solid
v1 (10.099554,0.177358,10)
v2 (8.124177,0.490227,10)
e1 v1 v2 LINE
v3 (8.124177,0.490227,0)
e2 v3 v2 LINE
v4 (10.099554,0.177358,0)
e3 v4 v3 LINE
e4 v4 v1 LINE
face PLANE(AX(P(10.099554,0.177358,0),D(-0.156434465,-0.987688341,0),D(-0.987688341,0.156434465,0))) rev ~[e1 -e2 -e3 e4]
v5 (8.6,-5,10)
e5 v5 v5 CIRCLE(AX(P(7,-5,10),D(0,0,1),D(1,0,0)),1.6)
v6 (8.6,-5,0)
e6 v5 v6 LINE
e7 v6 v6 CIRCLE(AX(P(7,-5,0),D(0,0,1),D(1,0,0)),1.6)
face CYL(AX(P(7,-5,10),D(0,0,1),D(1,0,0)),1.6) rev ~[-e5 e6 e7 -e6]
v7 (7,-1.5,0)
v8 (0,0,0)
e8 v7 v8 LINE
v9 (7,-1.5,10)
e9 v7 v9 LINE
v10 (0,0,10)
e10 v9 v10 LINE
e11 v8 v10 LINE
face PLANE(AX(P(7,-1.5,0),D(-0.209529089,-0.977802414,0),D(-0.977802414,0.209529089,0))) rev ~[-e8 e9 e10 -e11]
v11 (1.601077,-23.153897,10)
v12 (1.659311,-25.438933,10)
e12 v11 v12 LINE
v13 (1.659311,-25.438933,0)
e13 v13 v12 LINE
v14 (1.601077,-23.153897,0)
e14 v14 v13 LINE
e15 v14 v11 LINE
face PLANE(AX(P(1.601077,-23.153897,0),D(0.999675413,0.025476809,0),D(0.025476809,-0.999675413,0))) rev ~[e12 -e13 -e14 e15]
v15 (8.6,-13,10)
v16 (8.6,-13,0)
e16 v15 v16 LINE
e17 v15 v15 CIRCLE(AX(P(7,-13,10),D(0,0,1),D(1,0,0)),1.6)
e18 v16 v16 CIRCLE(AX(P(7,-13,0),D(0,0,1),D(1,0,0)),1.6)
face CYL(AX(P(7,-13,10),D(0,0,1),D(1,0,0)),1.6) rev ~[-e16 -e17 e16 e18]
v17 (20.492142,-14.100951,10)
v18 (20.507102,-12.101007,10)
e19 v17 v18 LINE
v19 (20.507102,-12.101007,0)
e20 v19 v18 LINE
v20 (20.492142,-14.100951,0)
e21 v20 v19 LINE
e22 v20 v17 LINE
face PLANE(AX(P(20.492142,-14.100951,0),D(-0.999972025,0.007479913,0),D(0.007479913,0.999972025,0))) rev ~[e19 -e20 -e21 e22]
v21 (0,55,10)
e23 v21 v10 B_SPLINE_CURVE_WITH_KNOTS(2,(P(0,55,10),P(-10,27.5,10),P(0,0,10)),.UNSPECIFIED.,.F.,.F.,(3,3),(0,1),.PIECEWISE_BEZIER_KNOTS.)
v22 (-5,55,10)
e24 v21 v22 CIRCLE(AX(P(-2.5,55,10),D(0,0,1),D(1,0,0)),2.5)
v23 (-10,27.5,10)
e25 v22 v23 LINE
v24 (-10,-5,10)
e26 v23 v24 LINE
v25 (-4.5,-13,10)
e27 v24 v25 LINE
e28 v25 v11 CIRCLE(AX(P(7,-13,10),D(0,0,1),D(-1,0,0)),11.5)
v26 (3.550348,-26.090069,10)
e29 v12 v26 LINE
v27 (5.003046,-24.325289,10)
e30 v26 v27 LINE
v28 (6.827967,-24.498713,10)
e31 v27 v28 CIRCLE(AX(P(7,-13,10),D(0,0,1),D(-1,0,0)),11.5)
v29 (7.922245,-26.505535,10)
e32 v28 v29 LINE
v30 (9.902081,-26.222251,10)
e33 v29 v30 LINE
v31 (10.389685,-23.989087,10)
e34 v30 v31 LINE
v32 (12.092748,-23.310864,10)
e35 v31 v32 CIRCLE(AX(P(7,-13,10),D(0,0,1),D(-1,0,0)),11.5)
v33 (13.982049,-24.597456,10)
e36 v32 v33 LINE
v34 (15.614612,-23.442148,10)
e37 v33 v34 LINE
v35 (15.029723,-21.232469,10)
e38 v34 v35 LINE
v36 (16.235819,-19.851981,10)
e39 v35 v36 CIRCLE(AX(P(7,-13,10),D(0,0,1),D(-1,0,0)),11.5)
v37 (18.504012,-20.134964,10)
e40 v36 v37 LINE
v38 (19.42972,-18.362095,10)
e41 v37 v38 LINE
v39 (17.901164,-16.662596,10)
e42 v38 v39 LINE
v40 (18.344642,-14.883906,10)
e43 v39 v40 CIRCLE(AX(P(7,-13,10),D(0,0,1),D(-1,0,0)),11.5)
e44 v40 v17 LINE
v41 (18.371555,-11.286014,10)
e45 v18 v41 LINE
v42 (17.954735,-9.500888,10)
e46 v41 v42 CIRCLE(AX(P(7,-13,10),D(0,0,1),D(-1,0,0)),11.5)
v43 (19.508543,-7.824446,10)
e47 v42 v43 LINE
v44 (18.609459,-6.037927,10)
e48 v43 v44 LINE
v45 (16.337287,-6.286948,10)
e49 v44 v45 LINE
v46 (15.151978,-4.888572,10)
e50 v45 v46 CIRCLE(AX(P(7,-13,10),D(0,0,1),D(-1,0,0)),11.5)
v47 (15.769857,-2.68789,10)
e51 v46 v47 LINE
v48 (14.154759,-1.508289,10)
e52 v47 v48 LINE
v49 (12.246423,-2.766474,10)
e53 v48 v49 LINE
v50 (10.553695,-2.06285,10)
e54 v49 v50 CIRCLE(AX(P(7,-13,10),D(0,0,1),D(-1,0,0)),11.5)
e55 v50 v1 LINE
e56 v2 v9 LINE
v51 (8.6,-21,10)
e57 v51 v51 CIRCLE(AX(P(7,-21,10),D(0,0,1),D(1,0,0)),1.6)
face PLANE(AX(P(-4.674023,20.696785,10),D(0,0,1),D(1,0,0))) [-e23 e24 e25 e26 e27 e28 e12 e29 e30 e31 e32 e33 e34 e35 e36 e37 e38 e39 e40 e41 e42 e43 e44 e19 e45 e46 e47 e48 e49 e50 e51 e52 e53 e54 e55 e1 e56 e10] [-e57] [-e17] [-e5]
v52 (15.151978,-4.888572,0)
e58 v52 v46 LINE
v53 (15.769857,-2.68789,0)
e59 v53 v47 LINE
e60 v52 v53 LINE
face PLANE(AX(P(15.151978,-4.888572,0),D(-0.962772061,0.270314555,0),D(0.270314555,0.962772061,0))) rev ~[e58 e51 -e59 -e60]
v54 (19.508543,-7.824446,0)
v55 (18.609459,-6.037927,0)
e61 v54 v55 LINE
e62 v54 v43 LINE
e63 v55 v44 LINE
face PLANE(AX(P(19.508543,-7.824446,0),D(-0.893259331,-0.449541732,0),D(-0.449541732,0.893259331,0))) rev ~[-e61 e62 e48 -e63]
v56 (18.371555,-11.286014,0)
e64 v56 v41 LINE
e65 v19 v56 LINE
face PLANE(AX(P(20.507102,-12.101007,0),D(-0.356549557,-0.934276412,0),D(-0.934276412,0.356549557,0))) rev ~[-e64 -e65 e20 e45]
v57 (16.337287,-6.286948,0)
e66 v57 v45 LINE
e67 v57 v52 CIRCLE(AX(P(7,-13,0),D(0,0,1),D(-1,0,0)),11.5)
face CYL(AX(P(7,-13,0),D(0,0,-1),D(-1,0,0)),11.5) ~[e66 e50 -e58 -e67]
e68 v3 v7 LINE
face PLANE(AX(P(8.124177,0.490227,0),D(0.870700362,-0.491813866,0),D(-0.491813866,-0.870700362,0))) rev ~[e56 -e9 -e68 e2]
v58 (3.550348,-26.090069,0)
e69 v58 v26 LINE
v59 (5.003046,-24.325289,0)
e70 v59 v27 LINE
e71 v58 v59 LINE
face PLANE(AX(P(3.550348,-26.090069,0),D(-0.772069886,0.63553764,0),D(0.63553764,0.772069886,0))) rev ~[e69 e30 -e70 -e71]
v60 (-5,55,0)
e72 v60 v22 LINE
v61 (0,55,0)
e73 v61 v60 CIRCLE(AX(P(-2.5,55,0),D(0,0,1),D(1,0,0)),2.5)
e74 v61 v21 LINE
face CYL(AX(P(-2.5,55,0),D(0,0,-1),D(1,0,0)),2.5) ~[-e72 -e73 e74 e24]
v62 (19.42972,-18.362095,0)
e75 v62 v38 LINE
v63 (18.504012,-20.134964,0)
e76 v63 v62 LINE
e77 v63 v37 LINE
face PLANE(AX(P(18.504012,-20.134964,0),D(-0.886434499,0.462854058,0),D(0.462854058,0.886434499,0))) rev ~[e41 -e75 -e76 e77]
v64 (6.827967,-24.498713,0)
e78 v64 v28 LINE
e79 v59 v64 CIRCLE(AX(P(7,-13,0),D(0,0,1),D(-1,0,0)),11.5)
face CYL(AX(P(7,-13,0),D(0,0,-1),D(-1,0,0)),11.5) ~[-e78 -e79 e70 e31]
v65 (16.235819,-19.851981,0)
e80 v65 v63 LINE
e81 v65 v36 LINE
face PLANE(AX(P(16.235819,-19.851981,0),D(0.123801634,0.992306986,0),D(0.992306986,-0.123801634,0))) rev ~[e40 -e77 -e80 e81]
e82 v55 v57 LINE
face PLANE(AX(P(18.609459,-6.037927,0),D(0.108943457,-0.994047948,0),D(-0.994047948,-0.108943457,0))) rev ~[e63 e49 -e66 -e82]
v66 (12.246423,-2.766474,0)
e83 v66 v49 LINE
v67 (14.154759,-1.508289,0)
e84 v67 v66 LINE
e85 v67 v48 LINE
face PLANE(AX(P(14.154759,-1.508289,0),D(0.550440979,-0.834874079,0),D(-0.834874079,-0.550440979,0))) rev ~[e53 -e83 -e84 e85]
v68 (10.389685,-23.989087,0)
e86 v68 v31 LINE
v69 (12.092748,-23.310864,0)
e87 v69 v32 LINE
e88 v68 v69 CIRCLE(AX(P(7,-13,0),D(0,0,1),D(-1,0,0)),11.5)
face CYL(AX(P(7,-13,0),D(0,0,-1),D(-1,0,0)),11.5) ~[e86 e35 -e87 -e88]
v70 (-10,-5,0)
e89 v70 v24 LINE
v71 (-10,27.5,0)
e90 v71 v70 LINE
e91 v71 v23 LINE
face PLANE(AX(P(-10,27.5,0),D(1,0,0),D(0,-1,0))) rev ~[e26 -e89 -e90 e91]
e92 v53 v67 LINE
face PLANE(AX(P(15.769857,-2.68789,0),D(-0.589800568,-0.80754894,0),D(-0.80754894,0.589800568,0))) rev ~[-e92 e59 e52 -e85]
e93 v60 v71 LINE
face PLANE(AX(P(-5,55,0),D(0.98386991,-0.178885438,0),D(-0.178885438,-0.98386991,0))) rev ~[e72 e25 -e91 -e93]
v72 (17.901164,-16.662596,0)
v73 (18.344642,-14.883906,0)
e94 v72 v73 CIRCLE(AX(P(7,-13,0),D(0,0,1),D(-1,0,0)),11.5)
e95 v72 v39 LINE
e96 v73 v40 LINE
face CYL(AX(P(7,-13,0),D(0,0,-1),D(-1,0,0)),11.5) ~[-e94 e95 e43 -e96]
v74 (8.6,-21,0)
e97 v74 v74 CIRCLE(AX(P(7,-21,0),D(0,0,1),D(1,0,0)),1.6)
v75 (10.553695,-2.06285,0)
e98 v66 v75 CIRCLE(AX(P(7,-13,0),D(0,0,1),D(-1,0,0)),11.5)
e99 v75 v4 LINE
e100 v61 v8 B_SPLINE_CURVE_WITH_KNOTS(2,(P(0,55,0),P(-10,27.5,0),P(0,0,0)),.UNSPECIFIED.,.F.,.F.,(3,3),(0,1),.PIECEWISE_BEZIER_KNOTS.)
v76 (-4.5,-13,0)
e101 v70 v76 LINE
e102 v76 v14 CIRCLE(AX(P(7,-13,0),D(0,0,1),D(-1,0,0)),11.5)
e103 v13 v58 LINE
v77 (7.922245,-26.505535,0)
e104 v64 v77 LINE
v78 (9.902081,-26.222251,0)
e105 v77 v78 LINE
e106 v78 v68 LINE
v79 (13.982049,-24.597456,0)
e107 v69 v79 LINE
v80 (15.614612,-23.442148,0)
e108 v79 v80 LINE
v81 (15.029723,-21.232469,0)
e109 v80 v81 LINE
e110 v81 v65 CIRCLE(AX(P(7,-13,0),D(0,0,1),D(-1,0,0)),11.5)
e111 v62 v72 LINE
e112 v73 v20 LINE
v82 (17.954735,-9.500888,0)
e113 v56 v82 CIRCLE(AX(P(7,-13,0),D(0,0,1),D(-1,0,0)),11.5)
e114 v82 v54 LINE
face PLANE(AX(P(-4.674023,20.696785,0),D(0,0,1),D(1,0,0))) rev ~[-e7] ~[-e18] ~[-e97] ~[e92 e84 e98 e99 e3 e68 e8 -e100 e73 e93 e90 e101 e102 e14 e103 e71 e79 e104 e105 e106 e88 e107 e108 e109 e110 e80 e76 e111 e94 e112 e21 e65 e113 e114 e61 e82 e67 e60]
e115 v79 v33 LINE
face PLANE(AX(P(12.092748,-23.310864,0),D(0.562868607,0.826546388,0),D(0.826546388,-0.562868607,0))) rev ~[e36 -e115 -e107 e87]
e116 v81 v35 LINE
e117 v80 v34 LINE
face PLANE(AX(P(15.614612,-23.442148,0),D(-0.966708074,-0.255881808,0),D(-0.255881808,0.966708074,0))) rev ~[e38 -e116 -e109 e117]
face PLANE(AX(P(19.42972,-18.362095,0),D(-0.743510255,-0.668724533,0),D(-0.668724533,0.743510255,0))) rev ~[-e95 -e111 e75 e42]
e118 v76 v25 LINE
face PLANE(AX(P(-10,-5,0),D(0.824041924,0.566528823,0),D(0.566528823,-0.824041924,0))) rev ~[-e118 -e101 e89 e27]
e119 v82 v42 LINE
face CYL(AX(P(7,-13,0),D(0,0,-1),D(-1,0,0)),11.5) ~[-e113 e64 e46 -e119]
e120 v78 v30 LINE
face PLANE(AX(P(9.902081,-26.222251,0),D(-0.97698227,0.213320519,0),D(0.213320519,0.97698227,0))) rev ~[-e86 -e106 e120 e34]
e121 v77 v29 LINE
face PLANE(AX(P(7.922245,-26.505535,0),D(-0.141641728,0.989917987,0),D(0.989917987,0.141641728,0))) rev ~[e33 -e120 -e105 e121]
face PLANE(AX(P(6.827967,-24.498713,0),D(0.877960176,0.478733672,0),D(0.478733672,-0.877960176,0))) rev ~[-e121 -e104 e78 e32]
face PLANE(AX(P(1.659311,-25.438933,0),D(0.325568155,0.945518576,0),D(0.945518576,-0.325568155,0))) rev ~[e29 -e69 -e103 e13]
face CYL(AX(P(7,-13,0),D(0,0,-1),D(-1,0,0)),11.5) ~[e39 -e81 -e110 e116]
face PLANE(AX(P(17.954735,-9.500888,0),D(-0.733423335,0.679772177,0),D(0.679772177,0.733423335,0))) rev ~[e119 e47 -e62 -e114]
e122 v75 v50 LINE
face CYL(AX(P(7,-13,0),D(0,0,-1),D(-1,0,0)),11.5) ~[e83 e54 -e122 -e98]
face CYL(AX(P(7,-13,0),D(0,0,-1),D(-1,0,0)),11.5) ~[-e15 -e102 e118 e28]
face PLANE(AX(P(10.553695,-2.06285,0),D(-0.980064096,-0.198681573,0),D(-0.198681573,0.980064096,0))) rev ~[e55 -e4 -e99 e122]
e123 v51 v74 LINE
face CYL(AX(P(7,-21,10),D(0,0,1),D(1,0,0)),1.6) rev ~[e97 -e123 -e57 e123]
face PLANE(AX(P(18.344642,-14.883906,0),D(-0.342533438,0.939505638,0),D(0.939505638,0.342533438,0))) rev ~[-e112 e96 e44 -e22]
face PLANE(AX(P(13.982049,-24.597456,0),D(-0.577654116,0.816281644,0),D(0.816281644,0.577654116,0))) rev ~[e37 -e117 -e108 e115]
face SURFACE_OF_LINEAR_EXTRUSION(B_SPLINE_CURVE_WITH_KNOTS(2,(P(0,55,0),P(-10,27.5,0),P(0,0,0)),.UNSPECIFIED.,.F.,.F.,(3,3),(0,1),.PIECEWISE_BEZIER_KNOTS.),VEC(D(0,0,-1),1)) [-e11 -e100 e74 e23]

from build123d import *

# Parameters (mm, degrees)
SKETCH_1_R          = 11.5
EXTRUDE_1_DEPTH     = 10
SKETCH_2_R          = 1.6
CUT_EXTRUDE_1_DEPTH = 10


with BuildPart() as part:
    # 草圖1 → 填料-伸長1 (new body)
    with BuildSketch(Plane.XY):
        with BuildLine():
            ThreePointArc((0, 55), (-2.5, 57.5), (-5, 55))
            Line((-5, 55), (-10, 27.5))
            Line((-10, 27.5), (-10, -5))
            Line((-10, -5), (-4.5, -13))
            ThreePointArc((-4.5, -13), (-1.131727984, -4.868272016), (7, -1.5))
            Line((7, -1.5), (0, 0))
            add(Edge.make_bspline(
                [(0, 55), (-10, 27.5), (0, 0)],
                knots=[0, 0, 0, 1, 1, 1], degree=2))
        make_face()
        with Locations((7, -13)):
            Circle(SKETCH_1_R)
        with BuildLine():
            Line((8.124176937, 0.490227063), (7, -1.5))
            ThreePointArc((7, -1.5), (8.798996348, -1.641584083), (10.553695435, -2.062850063))
            Line((10.553695435, -2.062850063), (10.099553619, 0.177358133))
            Line((10.099553619, 0.177358133), (8.124176937, 0.490227063))
        make_face()
        with BuildLine():
            Line((14.154758721, -1.508288742), (12.24642256, -2.766474199))
            ThreePointArc((12.24642256, -2.766474199), (13.782706526, -3.713187189), (15.151977747, -4.888572333))
            Line((15.151977747, -4.888572333), (15.769856601, -2.687889877))
            Line((15.769856601, -2.687889877), (14.154758721, -1.508288742))
        make_face()
        with BuildLine():
            Line((18.609459232, -6.037927296), (16.337287066, -6.286947769))
            ThreePointArc((16.337287066, -6.286947769), (17.272482302, -7.830270089), (17.954734932, -9.500888316))
            Line((17.954734932, -9.500888316), (19.508542695, -7.824445957))
            Line((19.508542695, -7.824445957), (18.609459232, -6.037927296))
        make_face()
        with BuildLine():
            Line((20.507102251, -12.101006797), (18.371554502, -11.286013939))
            ThreePointArc((18.371554502, -11.286013939), (18.467843668, -12.140603924), (18.5, -13))
            ThreePointArc((18.5, -13), (18.461094648, -13.945150505), (18.34464183, -14.883905981))
            Line((18.34464183, -14.883905981), (20.492142426, -14.100950847))
            Line((20.492142426, -14.100950847), (20.507102251, -12.101006797))
        make_face()
        with BuildLine():
            ThreePointArc((17.901164481, -16.662596478), (17.193996736, -18.322821671), (16.23581896, -19.85198133))
            Line((16.23581896, -19.85198133), (18.504011675, -20.134964287))
            Line((18.504011675, -20.134964287), (19.429719792, -18.362095289))
            Line((19.429719792, -18.362095289), (17.901164481, -16.662596478))
        make_face()
        with BuildLine():
            ThreePointArc((15.029723408, -21.232468766), (13.643022341, -22.387238901), (12.092748017, -23.310864059))
            Line((12.092748017, -23.310864059), (13.98204893, -24.597456304))
            Line((13.98204893, -24.597456304), (15.614612218, -23.442148071))
            Line((15.614612218, -23.442148071), (15.029723408, -21.232468766))
        make_face()
        with BuildLine():
            ThreePointArc((10.389684506, -23.989087267), (8.628879877, -24.384056849), (6.827966819, -24.498713171))
            Line((6.827966819, -24.498713171), (7.922245347, -26.505534551))
            Line((7.922245347, -26.505534551), (9.902081321, -26.222251095))
            Line((9.902081321, -26.222251095), (10.389684506, -23.989087267))
        make_face()
        with BuildLine():
            ThreePointArc((5.003045957, -24.32528916), (3.255966224, -23.873463619), (1.601077028, -23.153897318))
            Line((1.601077028, -23.153897318), (1.659311339, -25.438932616))
            Line((1.659311339, -25.438932616), (3.55034849, -26.090068925))
            Line((3.55034849, -26.090068925), (5.003045957, -24.32528916))
        make_face()
    extrude(amount=EXTRUDE_1_DEPTH)

    # 草圖2 → 除料-伸長1 (cut)
    with BuildSketch(Plane.XY.offset(10)):
        with Locations((7, -5)):
            Circle(SKETCH_2_R)
        with Locations((7, -21)):
            Circle(SKETCH_2_R)
        with Locations((7, -13)):
            Circle(SKETCH_2_R)
    extrude(amount=-CUT_EXTRUDE_1_DEPTH, mode=Mode.SUBTRACT)


solid = part.part
